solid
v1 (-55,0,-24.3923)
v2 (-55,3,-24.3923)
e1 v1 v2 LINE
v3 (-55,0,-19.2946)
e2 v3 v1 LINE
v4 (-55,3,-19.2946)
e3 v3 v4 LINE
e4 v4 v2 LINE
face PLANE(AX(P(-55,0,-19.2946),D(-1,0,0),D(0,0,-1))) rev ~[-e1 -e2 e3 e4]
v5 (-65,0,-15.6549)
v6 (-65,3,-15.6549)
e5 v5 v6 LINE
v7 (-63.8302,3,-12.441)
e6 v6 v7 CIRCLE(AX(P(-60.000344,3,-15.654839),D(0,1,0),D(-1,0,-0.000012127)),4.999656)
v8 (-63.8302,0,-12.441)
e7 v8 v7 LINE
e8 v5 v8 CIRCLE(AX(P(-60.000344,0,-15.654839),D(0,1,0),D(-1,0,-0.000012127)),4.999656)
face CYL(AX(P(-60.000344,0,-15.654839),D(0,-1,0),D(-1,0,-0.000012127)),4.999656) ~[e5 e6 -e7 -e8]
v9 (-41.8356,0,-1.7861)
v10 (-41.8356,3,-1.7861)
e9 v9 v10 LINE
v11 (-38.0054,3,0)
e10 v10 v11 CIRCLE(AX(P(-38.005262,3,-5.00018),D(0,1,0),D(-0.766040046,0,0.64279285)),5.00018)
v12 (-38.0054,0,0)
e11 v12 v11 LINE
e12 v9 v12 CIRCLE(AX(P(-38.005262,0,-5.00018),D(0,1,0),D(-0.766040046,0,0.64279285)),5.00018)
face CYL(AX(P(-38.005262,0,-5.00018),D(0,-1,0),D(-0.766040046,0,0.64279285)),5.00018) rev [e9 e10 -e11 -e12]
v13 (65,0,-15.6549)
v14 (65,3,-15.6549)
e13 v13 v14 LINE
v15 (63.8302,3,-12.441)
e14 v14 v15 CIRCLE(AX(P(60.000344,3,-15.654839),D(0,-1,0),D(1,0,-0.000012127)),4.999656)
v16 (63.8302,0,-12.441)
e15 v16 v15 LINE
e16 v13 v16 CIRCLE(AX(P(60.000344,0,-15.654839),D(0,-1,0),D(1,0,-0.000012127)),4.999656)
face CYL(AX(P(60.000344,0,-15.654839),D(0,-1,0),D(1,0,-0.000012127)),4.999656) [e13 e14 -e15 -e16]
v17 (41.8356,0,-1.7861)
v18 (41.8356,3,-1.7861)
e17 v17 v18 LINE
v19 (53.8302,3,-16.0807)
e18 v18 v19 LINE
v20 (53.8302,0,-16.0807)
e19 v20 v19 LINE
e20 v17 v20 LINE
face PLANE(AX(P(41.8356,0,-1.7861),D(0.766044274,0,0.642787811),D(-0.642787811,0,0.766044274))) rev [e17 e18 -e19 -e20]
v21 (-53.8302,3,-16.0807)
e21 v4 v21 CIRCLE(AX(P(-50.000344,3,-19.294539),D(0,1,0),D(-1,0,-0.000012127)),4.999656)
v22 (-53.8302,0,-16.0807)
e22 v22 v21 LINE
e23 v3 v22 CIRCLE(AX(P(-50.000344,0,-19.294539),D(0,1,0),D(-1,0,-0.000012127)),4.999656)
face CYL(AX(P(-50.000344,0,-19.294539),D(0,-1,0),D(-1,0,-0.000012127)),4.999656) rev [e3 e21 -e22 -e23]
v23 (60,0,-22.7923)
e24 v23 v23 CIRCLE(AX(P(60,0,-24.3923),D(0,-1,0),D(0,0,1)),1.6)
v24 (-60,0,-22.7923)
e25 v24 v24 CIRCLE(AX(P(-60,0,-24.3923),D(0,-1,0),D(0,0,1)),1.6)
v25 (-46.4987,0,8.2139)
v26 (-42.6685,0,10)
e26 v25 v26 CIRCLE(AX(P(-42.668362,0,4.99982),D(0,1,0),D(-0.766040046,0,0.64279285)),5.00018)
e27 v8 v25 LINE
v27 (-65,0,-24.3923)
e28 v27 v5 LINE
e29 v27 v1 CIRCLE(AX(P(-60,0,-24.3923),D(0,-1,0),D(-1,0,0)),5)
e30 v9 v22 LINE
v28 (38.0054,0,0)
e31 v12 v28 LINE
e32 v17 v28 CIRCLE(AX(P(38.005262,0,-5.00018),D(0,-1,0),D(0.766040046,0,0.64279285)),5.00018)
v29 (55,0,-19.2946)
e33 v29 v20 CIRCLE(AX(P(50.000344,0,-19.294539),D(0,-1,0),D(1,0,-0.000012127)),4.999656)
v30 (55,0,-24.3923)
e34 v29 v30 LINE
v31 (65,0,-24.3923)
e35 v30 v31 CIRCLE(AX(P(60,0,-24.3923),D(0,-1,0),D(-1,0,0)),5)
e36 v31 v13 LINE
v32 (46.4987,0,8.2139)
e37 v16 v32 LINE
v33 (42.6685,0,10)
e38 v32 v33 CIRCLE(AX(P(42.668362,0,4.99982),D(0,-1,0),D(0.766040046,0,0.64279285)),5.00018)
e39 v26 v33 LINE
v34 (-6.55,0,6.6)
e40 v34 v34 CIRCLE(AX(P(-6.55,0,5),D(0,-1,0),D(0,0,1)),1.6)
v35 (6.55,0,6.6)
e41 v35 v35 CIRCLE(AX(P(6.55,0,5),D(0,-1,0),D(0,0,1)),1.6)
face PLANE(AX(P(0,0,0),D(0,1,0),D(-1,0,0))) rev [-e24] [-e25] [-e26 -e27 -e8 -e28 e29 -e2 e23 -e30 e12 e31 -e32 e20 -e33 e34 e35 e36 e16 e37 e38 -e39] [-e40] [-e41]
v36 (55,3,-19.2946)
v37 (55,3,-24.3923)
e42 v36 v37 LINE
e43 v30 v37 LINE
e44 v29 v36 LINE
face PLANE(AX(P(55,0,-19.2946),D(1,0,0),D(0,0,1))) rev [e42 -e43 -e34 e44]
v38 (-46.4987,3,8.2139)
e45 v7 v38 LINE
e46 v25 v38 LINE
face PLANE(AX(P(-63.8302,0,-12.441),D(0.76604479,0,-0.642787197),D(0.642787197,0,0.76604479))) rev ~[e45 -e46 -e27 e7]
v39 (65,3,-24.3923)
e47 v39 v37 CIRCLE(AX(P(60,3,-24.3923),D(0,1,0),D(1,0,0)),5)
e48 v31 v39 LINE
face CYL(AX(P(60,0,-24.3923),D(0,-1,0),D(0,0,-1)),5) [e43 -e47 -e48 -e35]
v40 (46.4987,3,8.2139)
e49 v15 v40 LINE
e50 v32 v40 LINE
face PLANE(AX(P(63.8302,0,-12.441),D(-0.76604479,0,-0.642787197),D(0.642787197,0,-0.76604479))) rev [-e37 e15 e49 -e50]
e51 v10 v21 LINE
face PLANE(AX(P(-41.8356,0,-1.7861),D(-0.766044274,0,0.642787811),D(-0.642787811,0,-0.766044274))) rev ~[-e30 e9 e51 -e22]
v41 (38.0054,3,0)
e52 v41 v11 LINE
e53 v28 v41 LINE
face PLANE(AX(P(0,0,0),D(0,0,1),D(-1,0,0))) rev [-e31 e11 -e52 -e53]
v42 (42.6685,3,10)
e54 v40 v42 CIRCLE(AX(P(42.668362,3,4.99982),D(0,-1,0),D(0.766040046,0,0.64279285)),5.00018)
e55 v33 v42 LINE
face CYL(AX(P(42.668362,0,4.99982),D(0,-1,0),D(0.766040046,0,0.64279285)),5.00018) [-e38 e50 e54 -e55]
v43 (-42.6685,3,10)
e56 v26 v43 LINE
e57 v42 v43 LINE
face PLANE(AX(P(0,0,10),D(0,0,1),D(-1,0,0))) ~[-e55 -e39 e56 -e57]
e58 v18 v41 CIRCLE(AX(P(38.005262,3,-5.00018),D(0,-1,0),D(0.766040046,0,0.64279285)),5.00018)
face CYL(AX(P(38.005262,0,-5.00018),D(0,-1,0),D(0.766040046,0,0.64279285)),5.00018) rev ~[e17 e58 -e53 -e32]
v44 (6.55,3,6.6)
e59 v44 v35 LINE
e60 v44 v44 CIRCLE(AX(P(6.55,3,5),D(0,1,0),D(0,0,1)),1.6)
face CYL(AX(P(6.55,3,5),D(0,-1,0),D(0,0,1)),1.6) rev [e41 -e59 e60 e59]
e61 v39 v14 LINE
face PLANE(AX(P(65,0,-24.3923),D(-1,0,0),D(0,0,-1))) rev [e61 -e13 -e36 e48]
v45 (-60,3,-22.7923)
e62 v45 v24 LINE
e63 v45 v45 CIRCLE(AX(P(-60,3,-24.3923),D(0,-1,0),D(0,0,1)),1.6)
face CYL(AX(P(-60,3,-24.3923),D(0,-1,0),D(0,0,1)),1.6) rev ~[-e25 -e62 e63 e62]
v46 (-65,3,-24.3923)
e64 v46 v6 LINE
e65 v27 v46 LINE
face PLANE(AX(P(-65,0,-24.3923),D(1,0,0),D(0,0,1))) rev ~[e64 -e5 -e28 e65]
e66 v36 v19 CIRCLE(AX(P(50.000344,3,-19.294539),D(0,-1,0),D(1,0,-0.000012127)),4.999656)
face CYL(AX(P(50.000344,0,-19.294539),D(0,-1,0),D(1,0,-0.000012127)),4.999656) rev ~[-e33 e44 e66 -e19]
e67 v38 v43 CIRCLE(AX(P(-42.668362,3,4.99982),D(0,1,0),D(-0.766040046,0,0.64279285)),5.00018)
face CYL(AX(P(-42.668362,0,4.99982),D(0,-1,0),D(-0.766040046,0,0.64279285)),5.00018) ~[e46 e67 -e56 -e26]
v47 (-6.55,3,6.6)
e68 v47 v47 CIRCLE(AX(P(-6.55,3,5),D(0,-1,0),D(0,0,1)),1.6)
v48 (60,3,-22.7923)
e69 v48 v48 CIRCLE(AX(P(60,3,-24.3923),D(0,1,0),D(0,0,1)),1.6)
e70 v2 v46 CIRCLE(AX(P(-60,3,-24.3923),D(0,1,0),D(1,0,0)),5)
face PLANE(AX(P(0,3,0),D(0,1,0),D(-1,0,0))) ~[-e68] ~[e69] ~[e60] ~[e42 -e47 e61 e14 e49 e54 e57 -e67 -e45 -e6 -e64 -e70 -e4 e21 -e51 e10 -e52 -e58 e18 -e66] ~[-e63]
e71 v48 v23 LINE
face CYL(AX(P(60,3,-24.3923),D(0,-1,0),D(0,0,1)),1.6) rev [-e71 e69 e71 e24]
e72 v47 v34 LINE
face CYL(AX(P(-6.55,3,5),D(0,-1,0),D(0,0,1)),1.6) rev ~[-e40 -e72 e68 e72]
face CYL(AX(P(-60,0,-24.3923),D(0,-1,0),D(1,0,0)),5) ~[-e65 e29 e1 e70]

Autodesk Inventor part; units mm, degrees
ref_plane "YZ Plane" through (0, 0, 0) normal (1, 0, 0) x (0, 1, 0)
ref_plane "XZ Plane" through (0, 0, 0) normal (0, 1, 0) x (-1, 0, 0)
ref_plane "XY Plane" through (0, 0, 0) normal (0, 0, 1) x (1, 0, 0)
sketch "Sketch1" plane through (0, 0, 0) normal (0, 1, 0) x (-1, 0, 0)
  line L0 (0, 0) -> (0, 10)
  line L1 (0, 10) -> (42.6685, 10)
  line L2 (0, 0) -> (38.0054, 0)
  line L3 (41.8356, -1.7861) -> (53.8302, -16.0807)
  line L4 (55, -19.2946) -> (55, -24.3923)
  line L5 (60, -29.3923) -> (60, -29.3923)
  line L6 (65, -24.3923) -> (65, -15.6549)
  line L7 (63.8302, -12.441) -> (46.4987, 8.2139)
  arc A0 (45.5995, 9.2856) -> (44.0674, 10) centre (44.0674, 8) ccw
  arc A1 (41.8356, -1.7861) -> (38.0054, 0) centre (38.0054, -5) ccw
  arc A2 (55, -19.2946) -> (53.8302, -16.0807) centre (50, -19.2946) ccw
  arc A3 (65, -15.6549) -> (63.8302, -12.441) centre (60, -15.6549) ccw
  arc A4 (46.4987, 8.2139) -> (42.6685, 10) centre (42.6685, 5) ccw
  arc A5 (60, -29.3923) -> (65, -24.3923) centre (60, -24.3923) ccw
  arc A6 (55, -24.3923) -> (60, -29.3923) centre (60, -24.3923) ccw
  point P0 (55, -29.3923)
  point P1 (65, -29.3923)
  point P2 (45, 10)
  point P3 (60, -29.3923)
  dimension "d1" = 130
  dimension "d2" = 140
  dimension "d3" = 45
  dimension "d4" = 20
  dimension "d5" = 10
  dimension "d6" = 10
  dimension "d7" = 10
  dimension "d8" = 2
  dimension "d9" = 5
extrude "Extrusion1" add sketch "Sketch1" along normal blind 3
sketch "Sketch2" plane through (0, 3, 0) normal (0, 1, 0) x (1, 0, 0)
  line L0 (0, -10) -> (0, 0) projected
  line L1 (0, -5) -> (-25.3234, -5) construction
  arc A0 (-55, 24.3923) -> (-65, 24.3923) centre (-60, 24.3923) ccw projected
  point P0 (-6.55, -5)
  dimension "d19" = 6.55
hole "Hole1" at (-6.55, 3, 5) at (-60, 3, -24.3923) direction (0, -1, 0) diameter 3.2 end through all clearance for "Countersunk Flat Head Screw DIN EN ISO 2009" size "M3" standard "DIN"
mirror "Mirror1" about plane through (0, 0, 0) normal (1, 0, 0) of "Extrusion1", "Hole1"
properties part number "Claw1" material "Copper, Cast"
